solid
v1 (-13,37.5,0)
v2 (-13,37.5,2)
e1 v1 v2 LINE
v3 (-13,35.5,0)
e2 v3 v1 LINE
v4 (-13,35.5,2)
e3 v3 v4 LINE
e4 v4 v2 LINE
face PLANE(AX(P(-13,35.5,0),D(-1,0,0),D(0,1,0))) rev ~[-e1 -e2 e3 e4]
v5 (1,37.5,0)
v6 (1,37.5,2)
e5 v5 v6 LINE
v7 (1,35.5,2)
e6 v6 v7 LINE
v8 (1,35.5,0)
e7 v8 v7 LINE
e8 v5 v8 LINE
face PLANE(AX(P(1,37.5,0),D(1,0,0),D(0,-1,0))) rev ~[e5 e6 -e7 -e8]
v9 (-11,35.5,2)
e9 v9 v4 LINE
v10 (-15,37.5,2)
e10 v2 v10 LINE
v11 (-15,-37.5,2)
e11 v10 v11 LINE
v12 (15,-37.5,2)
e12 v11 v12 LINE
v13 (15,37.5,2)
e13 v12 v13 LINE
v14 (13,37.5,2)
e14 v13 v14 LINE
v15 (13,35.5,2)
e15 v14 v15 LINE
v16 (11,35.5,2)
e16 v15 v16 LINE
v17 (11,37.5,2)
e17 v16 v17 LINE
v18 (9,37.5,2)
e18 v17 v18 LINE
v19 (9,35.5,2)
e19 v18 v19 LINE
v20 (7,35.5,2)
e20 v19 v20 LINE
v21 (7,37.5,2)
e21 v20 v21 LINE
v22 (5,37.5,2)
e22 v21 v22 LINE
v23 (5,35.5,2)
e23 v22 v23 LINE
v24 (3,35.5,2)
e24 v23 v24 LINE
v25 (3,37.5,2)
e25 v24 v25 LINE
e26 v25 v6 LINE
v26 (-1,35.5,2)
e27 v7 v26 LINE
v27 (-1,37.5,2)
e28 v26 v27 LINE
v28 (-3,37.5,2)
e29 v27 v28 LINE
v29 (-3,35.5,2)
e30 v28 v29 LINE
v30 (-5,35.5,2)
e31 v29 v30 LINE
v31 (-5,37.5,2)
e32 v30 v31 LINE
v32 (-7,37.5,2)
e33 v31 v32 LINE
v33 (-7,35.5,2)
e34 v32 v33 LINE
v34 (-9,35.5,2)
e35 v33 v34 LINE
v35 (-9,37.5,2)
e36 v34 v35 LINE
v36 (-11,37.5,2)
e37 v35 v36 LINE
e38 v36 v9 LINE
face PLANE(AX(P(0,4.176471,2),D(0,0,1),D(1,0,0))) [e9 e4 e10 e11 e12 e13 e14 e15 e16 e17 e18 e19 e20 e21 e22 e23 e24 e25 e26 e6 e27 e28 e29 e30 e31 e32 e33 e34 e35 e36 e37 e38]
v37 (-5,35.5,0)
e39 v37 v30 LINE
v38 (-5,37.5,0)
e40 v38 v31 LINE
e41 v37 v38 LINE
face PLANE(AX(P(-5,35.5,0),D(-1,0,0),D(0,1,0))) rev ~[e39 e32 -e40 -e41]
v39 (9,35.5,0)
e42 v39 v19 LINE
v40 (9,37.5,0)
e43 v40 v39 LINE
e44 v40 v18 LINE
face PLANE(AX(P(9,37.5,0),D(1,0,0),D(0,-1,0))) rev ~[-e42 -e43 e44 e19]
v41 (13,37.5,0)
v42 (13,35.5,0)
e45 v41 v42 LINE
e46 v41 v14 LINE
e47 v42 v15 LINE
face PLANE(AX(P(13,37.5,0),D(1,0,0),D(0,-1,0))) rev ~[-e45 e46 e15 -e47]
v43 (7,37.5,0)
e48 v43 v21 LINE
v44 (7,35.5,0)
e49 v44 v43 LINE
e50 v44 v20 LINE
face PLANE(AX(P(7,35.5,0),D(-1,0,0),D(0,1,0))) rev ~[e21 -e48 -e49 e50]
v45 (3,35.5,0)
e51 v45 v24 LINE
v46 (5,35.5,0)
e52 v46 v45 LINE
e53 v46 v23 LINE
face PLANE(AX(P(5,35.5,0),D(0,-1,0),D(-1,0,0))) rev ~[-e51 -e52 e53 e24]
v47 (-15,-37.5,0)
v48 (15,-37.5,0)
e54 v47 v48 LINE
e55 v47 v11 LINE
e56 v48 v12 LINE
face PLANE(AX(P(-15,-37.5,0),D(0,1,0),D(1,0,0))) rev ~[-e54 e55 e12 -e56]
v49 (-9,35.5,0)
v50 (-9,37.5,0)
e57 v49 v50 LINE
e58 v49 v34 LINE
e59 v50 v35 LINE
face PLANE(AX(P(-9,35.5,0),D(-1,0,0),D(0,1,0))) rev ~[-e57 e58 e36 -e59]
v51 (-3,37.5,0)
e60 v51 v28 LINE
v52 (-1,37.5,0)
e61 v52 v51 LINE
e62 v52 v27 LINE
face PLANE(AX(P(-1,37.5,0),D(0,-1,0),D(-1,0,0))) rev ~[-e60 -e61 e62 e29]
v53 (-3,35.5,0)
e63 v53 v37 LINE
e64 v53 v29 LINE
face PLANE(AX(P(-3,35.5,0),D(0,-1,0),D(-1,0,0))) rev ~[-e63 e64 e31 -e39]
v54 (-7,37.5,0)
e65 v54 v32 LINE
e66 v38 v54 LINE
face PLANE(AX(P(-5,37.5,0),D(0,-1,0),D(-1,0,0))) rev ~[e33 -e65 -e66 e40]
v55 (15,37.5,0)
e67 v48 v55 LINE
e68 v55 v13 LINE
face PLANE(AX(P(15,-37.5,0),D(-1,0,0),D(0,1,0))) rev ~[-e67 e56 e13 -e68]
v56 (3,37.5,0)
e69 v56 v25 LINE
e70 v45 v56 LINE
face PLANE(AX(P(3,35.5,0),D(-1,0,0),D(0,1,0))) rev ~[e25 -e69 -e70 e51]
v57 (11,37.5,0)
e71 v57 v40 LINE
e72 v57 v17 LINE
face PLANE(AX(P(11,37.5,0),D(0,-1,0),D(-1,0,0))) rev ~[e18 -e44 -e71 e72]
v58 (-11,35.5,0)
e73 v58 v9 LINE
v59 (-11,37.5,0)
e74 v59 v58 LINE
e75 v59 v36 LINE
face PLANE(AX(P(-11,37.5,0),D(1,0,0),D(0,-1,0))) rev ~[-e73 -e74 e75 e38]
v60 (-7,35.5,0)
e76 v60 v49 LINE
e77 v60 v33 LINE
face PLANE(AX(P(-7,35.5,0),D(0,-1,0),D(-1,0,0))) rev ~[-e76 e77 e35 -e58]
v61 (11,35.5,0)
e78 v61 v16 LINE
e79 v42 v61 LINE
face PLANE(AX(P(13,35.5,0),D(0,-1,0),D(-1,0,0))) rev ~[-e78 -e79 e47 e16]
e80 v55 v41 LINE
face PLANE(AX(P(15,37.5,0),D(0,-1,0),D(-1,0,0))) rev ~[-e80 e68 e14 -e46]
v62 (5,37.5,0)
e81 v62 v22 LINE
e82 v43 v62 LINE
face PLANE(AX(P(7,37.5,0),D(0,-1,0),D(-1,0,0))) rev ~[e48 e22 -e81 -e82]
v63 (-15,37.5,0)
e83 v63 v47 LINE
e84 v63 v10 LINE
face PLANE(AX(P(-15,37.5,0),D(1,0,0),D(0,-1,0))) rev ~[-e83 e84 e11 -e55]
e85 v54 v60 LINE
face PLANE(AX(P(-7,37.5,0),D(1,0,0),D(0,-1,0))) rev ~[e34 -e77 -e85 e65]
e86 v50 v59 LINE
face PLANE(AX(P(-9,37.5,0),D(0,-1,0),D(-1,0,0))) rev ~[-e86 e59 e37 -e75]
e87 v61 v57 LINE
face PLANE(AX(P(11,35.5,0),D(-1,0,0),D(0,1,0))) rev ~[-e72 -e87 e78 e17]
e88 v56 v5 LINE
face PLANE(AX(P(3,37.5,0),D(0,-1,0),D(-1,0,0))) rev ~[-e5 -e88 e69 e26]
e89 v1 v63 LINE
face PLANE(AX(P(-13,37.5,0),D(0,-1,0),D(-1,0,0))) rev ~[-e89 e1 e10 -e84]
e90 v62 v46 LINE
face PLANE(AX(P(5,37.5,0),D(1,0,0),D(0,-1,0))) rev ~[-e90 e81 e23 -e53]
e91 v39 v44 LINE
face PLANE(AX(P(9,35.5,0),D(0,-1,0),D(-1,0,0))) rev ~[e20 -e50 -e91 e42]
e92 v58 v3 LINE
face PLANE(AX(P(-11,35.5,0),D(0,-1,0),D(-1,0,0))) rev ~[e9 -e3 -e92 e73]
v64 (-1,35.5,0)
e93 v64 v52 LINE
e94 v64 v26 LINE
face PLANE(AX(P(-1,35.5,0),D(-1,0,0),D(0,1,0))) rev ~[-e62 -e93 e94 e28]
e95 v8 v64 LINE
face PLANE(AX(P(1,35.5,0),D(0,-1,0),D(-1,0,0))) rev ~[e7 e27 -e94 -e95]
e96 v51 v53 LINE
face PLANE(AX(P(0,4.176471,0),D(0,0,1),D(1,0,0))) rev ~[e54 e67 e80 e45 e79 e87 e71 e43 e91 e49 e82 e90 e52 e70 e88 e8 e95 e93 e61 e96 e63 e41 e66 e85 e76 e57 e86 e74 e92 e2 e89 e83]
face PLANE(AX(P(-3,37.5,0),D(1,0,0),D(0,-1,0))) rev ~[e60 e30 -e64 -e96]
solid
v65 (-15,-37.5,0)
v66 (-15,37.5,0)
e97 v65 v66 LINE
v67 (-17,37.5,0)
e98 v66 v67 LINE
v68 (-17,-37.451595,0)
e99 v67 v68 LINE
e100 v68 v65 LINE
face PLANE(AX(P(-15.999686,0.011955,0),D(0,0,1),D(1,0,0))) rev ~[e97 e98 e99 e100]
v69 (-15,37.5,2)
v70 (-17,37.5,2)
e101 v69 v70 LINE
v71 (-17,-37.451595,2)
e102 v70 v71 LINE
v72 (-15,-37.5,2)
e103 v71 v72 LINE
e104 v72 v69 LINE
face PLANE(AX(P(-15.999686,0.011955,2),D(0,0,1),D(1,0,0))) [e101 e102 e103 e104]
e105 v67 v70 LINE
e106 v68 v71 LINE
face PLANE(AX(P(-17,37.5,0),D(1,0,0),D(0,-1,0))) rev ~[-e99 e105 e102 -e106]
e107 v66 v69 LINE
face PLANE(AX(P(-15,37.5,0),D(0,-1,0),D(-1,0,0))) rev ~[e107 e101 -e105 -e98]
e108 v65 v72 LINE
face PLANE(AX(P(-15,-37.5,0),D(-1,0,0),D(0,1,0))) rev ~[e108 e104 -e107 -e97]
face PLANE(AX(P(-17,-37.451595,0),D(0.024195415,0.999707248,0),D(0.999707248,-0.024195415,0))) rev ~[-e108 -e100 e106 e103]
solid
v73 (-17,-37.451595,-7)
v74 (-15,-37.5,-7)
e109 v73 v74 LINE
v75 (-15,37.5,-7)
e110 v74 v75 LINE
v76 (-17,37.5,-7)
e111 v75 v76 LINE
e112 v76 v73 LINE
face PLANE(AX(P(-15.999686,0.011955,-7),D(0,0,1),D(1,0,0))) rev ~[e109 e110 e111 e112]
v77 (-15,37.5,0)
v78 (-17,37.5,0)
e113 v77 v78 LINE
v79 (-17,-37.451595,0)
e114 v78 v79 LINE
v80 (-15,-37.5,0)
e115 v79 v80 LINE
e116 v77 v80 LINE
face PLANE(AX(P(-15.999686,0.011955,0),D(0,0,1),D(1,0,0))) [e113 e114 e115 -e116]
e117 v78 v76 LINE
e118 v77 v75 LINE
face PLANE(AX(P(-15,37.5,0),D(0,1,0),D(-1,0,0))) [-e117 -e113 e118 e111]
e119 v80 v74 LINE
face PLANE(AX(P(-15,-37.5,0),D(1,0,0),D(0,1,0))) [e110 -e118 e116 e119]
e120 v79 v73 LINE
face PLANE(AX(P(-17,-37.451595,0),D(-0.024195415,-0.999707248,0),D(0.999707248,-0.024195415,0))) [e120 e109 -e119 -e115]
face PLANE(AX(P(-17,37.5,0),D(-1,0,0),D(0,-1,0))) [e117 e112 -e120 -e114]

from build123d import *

# Parameters (mm, degrees)
F1_DEPTH = 2
F2_DEPTH = 7
F3_DEPTH = 2


with BuildPart() as f1:
    # F0 (on Top) → F1 (new body)
    with BuildSketch(Plane.XY):
        Polygon((-15, 37.5), (-15, -37.5), (15, -37.5), (15, 37.5), (13, 37.5), (13, 35.5), (11, 35.5), (11, 37.5), (9, 37.5), (9, 35.5), (7, 35.5), (7, 37.5), (5, 37.5), (5, 35.5), (3, 35.5), (3, 37.5), (1, 37.5), (1, 35.5), (-1, 35.5), (-1, 37.5), (-3, 37.5), (-3, 35.5), (-5, 35.5), (-5, 37.5), (-7, 37.5), (-7, 35.5), (-9, 35.5), (-9, 37.5), (-11, 37.5), (-11, 35.5), (-13, 35.5), (-13, 37.5), align=None)
    extrude(amount=F1_DEPTH)

    # F0 (on Top) → F2 (join)
    with BuildSketch(Plane.XY):
        Polygon((-17, -37.451595), (-15, -37.5), (-15, 37.5), (-17, 37.5), align=None)
    extrude(amount=-F2_DEPTH)


with BuildPart() as f3:
    # F0 (on Top) → F3 (new body)
    with BuildSketch(Plane.XY):
        Polygon((-17, -37.451595), (-15, -37.5), (-15, 37.5), (-17, 37.5), align=None)
    extrude(amount=F3_DEPTH)


solid = Compound([f1.part, f3.part])
